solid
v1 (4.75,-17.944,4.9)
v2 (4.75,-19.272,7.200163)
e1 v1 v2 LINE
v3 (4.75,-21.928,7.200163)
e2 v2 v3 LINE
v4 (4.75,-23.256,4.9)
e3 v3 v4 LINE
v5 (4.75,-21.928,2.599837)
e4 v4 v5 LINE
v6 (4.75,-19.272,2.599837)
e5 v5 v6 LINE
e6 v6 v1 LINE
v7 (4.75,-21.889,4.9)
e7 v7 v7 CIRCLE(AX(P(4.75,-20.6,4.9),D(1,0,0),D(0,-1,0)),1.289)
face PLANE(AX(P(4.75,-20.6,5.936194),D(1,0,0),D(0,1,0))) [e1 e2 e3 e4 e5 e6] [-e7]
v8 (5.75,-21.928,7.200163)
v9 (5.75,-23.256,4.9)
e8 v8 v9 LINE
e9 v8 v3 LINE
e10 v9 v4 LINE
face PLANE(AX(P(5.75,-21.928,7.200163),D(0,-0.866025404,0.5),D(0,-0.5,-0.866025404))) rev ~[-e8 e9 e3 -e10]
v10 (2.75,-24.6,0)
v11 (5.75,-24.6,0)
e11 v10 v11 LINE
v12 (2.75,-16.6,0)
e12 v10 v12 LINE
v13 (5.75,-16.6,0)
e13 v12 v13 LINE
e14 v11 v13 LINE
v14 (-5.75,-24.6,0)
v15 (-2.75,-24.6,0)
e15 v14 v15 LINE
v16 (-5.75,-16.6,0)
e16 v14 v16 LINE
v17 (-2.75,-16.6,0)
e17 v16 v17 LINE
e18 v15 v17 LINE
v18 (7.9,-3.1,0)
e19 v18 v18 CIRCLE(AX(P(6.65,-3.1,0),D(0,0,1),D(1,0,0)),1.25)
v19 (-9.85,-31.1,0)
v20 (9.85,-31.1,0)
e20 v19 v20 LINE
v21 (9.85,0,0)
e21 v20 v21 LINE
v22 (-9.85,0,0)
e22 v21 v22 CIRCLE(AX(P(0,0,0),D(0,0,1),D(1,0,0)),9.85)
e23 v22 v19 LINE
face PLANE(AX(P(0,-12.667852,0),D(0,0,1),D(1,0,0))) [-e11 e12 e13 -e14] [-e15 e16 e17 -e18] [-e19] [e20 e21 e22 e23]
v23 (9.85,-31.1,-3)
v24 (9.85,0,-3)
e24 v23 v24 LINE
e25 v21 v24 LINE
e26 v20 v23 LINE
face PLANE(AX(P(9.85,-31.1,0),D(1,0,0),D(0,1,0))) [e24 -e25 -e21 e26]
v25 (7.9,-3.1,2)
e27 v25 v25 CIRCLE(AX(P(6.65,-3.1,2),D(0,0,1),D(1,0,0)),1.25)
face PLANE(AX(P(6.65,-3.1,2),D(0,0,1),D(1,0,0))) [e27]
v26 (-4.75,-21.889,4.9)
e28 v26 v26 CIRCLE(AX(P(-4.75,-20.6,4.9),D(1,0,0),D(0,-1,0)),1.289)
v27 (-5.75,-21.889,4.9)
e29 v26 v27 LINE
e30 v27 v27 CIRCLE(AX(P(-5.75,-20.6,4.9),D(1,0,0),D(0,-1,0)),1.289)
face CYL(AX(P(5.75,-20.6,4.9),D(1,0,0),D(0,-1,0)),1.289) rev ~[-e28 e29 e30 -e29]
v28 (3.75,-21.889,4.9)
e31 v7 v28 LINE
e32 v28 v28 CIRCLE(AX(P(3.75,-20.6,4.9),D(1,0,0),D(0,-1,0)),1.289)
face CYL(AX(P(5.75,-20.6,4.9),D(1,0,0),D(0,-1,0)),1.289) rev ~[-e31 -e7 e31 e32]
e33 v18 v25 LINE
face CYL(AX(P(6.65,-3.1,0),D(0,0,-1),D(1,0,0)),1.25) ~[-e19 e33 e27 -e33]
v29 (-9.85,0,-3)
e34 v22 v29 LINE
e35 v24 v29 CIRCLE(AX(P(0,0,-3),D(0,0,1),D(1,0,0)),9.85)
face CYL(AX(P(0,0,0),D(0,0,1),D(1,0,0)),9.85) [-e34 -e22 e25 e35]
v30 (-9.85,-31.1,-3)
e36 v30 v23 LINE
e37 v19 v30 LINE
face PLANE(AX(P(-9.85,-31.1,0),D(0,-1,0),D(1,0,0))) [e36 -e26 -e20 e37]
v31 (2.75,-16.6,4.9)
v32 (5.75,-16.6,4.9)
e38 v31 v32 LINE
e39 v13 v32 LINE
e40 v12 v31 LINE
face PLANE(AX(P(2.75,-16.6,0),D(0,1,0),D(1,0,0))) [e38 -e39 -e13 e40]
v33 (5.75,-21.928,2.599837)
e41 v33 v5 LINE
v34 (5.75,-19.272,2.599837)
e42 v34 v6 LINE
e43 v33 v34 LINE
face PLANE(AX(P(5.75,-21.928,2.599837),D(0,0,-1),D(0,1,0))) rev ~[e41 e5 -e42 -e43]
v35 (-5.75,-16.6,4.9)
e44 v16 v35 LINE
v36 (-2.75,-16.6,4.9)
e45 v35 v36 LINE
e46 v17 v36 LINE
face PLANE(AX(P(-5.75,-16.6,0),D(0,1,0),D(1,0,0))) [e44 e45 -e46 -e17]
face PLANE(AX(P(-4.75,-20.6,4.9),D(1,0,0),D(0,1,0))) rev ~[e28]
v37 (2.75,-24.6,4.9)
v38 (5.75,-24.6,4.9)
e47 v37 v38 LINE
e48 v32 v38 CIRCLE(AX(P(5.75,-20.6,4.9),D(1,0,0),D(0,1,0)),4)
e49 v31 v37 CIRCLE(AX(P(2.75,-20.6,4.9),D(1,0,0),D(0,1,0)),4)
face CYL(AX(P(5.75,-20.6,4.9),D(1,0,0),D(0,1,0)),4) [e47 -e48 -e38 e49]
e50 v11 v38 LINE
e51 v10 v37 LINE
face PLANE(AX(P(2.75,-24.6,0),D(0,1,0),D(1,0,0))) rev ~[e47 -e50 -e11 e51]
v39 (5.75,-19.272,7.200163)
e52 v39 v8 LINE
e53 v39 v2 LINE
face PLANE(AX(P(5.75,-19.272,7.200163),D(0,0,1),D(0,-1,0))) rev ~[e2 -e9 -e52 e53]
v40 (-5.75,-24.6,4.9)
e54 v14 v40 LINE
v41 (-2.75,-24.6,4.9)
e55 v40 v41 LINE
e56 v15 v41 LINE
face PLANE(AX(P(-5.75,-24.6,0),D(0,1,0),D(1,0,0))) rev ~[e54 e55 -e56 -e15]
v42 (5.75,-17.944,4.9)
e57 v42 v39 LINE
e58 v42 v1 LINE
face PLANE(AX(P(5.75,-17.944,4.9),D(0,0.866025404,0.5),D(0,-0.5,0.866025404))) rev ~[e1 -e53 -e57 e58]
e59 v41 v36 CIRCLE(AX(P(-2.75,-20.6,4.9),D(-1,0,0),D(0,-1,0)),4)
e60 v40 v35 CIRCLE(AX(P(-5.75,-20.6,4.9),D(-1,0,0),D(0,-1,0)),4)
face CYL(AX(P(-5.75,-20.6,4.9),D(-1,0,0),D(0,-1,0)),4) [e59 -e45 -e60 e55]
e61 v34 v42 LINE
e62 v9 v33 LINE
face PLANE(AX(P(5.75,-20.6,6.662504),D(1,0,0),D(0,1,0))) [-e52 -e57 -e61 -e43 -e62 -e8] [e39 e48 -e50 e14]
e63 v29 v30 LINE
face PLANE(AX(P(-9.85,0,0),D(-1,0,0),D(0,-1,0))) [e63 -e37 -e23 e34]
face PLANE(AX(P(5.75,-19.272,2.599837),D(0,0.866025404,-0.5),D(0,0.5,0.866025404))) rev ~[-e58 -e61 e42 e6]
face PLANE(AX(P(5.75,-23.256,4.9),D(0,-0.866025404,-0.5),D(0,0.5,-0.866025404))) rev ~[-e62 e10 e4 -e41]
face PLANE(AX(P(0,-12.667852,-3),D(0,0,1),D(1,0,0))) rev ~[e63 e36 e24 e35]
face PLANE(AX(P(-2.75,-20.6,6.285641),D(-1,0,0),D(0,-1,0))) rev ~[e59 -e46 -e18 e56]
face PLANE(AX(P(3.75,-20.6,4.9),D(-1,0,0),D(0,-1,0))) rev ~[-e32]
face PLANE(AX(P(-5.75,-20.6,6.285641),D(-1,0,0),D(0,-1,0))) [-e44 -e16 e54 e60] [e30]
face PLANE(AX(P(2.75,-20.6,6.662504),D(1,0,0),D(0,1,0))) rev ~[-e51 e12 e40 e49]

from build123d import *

# Parameters (mm, degrees)
F0_W      = 3
F0_H      = 8
F1_DEPTH  = 3
F2_DEPTH  = 4.9
F3_DEPTH  = 4.9
F5_DEPTH  = 3
F7_DEPTH  = 3
F8_DEPTH  = 25
F9_DEPTH  = 1
F11_DEPTH = 3
F12_R     = 1.8630386708
F13_DEPTH = 1
F14_R     = 1.9023250727
F15_DEPTH = 1
F16_R     = 1.25
F17_DEPTH = 2
F18_DEPTH = 1


with BuildPart() as f1:
    # F0 (on Top) → F1 (new body)
    with BuildSketch(Plane.XY):
        with BuildLine():
            Line((9.35, -30.6), (9.35, 0))
            ThreePointArc((9.35, 0), (0, -9.35), (-9.35, 0))
            Line((-9.35, 0), (-9.35, -30.6))
            Line((-9.35, -30.6), (9.35, -30.6))
        make_face()
        with Locations((-4.25, -20.6)):
            Rectangle(F0_W, F0_H, mode=Mode.SUBTRACT)
        with Locations((4.25, -20.6)):
            Rectangle(F0_W, F0_H, mode=Mode.SUBTRACT)
        with BuildLine():
            ThreePointArc((-9.35, 0), (0, -9.35), (9.35, 0))
            ThreePointArc((9.35, 0), (0, 9.35), (-9.35, 0))
        make_face()
        with Locations((4.25, -20.6)):
            Rectangle(F0_W, F0_H)
        with Locations((-4.25, -20.6)):
            Rectangle(F0_W, F0_H)
    extrude(amount=-F1_DEPTH)

    # F0 (on Top) → F2 (join)
    with BuildSketch(Plane.XY):
        with Locations((4.25, -20.6)):
            Rectangle(F0_W, F0_H)
    extrude(amount=F2_DEPTH)

    # F0 (on Top) → F3 (join)
    with BuildSketch(Plane.XY):
        with Locations((-4.25, -20.6)):
            Rectangle(F0_W, F0_H)
    extrude(amount=F3_DEPTH)

    # F4 (on face) → F5 (join)
    with BuildSketch(Plane(origin=(-5.75, 0, 0), x_dir=(0, -1, 0), z_dir=(-1, 0, 0))):
        with BuildLine():
            Line((16.6, 4.9), (24.6, 4.9))
            ThreePointArc((24.6, 4.9), (20.6, 8.9), (16.6, 4.9))
        make_face()
    extrude(amount=-F5_DEPTH)

    # F6 (on face) → F7 (join)
    with BuildSketch(Plane.YZ.offset(5.75)):
        with BuildLine():
            Line((-17.944, 4.9), (-16.6, 4.9))
            ThreePointArc((-16.6, 4.9), (-20.6, 8.9), (-24.6, 4.9))
            Line((-24.6, 4.9), (-23.256, 4.9))
            Line((-23.256, 4.9), (-21.928, 7.2001634725))
            Line((-21.928, 7.2001634725), (-19.272, 7.2001634725))
            Line((-19.272, 7.2001634725), (-17.944, 4.9))
        make_face()
        with BuildLine():
            Line((-19.311, 4.9), (-17.944, 4.9))
            Line((-17.944, 4.9), (-19.272, 7.2001634725))
            Line((-19.272, 7.2001634725), (-21.928, 7.2001634725))
            Line((-21.928, 7.2001634725), (-23.256, 4.9))
            Line((-23.256, 4.9), (-21.889, 4.9))
            ThreePointArc((-21.889, 4.9), (-20.6, 6.189), (-19.311, 4.9))
        make_face()
    extrude(amount=-F7_DEPTH)

    # F6 (on face) → F8 (cut)
    with BuildSketch(Plane.YZ.offset(5.75)):
        with BuildLine():
            Line((-21.889, 4.9), (-19.311, 4.9))
            ThreePointArc((-19.311, 4.9), (-20.6, 6.189), (-21.889, 4.9))
        make_face()
        with BuildLine():
            ThreePointArc((-21.889, 4.9), (-20.6, 3.611), (-19.311, 4.9))
            Line((-19.311, 4.9), (-21.889, 4.9))
        make_face()
    extrude(amount=-F8_DEPTH, mode=Mode.SUBTRACT)

    # F6 (on face) → F9 (cut)
    with BuildSketch(Plane.YZ.offset(5.75)):
        with BuildLine():
            Line((-19.311, 4.9), (-17.944, 4.9))
            Line((-17.944, 4.9), (-19.272, 7.2001634725))
            Line((-19.272, 7.2001634725), (-21.928, 7.2001634725))
            Line((-21.928, 7.2001634725), (-23.256, 4.9))
            Line((-23.256, 4.9), (-21.889, 4.9))
            ThreePointArc((-21.889, 4.9), (-20.6, 6.189), (-19.311, 4.9))
        make_face()
        with BuildLine():
            Line((-19.272, 2.5998365275), (-17.944, 4.9))
            Line((-17.944, 4.9), (-19.311, 4.9))
            ThreePointArc((-19.311, 4.9), (-20.6, 3.611), (-21.889, 4.9))
            Line((-21.889, 4.9), (-23.256, 4.9))
            Line((-23.256, 4.9), (-21.928, 2.5998365275))
            Line((-21.928, 2.5998365275), (-19.272, 2.5998365275))
        make_face()
    extrude(amount=-F9_DEPTH, mode=Mode.SUBTRACT)

    # F10 (on face) → F11 (join)
    with BuildSketch(Plane.XY):
        with BuildLine():
            Line((9.85, -31.1), (9.85, 0))
            ThreePointArc((9.85, 0), (0, 9.85), (-9.85, 0))
            Line((-9.85, 0), (-9.85, -31.1))
            Line((-9.85, -31.1), (9.85, -31.1))
        make_face()
        with BuildLine():
            Line((-9.35, -30.6), (-9.35, 0))
            ThreePointArc((-9.35, 0), (0, 9.35), (9.35, 0))
            Line((9.35, 0), (9.35, -30.6))
            Line((9.35, -30.6), (-9.35, -30.6))
        make_face(mode=Mode.SUBTRACT)
    extrude(amount=-F11_DEPTH)

    # F12 (on face) → F13 (join)
    with BuildSketch(Plane.YZ.offset(-2.75)):
        with Locations((-20.6, 4.9)):
            Circle(F12_R)
    extrude(amount=-F13_DEPTH)

    # F14 (on face) → F15 (join)
    with BuildSketch(Plane(origin=(2.75, 0, 0), x_dir=(0, -1, 0), z_dir=(-1, 0, 0))):
        with Locations((20.6, 4.9)):
            Circle(F14_R)
    extrude(amount=-F15_DEPTH)

    # F16 (on face) → F17 (join)
    with BuildSketch(Plane.XY):
        with Locations((6.65, -3.1)):
            Circle(F16_R)
    extrude(amount=F17_DEPTH)

    # F18 (add): a face of the model
    f18_faces = [f1.faces().sort_by_distance(p)[0] for p in [
        (-3.75, -20.6, 4.9),
    ]]
    extrude(f18_faces, amount=F18_DEPTH)


solid = f1.part
